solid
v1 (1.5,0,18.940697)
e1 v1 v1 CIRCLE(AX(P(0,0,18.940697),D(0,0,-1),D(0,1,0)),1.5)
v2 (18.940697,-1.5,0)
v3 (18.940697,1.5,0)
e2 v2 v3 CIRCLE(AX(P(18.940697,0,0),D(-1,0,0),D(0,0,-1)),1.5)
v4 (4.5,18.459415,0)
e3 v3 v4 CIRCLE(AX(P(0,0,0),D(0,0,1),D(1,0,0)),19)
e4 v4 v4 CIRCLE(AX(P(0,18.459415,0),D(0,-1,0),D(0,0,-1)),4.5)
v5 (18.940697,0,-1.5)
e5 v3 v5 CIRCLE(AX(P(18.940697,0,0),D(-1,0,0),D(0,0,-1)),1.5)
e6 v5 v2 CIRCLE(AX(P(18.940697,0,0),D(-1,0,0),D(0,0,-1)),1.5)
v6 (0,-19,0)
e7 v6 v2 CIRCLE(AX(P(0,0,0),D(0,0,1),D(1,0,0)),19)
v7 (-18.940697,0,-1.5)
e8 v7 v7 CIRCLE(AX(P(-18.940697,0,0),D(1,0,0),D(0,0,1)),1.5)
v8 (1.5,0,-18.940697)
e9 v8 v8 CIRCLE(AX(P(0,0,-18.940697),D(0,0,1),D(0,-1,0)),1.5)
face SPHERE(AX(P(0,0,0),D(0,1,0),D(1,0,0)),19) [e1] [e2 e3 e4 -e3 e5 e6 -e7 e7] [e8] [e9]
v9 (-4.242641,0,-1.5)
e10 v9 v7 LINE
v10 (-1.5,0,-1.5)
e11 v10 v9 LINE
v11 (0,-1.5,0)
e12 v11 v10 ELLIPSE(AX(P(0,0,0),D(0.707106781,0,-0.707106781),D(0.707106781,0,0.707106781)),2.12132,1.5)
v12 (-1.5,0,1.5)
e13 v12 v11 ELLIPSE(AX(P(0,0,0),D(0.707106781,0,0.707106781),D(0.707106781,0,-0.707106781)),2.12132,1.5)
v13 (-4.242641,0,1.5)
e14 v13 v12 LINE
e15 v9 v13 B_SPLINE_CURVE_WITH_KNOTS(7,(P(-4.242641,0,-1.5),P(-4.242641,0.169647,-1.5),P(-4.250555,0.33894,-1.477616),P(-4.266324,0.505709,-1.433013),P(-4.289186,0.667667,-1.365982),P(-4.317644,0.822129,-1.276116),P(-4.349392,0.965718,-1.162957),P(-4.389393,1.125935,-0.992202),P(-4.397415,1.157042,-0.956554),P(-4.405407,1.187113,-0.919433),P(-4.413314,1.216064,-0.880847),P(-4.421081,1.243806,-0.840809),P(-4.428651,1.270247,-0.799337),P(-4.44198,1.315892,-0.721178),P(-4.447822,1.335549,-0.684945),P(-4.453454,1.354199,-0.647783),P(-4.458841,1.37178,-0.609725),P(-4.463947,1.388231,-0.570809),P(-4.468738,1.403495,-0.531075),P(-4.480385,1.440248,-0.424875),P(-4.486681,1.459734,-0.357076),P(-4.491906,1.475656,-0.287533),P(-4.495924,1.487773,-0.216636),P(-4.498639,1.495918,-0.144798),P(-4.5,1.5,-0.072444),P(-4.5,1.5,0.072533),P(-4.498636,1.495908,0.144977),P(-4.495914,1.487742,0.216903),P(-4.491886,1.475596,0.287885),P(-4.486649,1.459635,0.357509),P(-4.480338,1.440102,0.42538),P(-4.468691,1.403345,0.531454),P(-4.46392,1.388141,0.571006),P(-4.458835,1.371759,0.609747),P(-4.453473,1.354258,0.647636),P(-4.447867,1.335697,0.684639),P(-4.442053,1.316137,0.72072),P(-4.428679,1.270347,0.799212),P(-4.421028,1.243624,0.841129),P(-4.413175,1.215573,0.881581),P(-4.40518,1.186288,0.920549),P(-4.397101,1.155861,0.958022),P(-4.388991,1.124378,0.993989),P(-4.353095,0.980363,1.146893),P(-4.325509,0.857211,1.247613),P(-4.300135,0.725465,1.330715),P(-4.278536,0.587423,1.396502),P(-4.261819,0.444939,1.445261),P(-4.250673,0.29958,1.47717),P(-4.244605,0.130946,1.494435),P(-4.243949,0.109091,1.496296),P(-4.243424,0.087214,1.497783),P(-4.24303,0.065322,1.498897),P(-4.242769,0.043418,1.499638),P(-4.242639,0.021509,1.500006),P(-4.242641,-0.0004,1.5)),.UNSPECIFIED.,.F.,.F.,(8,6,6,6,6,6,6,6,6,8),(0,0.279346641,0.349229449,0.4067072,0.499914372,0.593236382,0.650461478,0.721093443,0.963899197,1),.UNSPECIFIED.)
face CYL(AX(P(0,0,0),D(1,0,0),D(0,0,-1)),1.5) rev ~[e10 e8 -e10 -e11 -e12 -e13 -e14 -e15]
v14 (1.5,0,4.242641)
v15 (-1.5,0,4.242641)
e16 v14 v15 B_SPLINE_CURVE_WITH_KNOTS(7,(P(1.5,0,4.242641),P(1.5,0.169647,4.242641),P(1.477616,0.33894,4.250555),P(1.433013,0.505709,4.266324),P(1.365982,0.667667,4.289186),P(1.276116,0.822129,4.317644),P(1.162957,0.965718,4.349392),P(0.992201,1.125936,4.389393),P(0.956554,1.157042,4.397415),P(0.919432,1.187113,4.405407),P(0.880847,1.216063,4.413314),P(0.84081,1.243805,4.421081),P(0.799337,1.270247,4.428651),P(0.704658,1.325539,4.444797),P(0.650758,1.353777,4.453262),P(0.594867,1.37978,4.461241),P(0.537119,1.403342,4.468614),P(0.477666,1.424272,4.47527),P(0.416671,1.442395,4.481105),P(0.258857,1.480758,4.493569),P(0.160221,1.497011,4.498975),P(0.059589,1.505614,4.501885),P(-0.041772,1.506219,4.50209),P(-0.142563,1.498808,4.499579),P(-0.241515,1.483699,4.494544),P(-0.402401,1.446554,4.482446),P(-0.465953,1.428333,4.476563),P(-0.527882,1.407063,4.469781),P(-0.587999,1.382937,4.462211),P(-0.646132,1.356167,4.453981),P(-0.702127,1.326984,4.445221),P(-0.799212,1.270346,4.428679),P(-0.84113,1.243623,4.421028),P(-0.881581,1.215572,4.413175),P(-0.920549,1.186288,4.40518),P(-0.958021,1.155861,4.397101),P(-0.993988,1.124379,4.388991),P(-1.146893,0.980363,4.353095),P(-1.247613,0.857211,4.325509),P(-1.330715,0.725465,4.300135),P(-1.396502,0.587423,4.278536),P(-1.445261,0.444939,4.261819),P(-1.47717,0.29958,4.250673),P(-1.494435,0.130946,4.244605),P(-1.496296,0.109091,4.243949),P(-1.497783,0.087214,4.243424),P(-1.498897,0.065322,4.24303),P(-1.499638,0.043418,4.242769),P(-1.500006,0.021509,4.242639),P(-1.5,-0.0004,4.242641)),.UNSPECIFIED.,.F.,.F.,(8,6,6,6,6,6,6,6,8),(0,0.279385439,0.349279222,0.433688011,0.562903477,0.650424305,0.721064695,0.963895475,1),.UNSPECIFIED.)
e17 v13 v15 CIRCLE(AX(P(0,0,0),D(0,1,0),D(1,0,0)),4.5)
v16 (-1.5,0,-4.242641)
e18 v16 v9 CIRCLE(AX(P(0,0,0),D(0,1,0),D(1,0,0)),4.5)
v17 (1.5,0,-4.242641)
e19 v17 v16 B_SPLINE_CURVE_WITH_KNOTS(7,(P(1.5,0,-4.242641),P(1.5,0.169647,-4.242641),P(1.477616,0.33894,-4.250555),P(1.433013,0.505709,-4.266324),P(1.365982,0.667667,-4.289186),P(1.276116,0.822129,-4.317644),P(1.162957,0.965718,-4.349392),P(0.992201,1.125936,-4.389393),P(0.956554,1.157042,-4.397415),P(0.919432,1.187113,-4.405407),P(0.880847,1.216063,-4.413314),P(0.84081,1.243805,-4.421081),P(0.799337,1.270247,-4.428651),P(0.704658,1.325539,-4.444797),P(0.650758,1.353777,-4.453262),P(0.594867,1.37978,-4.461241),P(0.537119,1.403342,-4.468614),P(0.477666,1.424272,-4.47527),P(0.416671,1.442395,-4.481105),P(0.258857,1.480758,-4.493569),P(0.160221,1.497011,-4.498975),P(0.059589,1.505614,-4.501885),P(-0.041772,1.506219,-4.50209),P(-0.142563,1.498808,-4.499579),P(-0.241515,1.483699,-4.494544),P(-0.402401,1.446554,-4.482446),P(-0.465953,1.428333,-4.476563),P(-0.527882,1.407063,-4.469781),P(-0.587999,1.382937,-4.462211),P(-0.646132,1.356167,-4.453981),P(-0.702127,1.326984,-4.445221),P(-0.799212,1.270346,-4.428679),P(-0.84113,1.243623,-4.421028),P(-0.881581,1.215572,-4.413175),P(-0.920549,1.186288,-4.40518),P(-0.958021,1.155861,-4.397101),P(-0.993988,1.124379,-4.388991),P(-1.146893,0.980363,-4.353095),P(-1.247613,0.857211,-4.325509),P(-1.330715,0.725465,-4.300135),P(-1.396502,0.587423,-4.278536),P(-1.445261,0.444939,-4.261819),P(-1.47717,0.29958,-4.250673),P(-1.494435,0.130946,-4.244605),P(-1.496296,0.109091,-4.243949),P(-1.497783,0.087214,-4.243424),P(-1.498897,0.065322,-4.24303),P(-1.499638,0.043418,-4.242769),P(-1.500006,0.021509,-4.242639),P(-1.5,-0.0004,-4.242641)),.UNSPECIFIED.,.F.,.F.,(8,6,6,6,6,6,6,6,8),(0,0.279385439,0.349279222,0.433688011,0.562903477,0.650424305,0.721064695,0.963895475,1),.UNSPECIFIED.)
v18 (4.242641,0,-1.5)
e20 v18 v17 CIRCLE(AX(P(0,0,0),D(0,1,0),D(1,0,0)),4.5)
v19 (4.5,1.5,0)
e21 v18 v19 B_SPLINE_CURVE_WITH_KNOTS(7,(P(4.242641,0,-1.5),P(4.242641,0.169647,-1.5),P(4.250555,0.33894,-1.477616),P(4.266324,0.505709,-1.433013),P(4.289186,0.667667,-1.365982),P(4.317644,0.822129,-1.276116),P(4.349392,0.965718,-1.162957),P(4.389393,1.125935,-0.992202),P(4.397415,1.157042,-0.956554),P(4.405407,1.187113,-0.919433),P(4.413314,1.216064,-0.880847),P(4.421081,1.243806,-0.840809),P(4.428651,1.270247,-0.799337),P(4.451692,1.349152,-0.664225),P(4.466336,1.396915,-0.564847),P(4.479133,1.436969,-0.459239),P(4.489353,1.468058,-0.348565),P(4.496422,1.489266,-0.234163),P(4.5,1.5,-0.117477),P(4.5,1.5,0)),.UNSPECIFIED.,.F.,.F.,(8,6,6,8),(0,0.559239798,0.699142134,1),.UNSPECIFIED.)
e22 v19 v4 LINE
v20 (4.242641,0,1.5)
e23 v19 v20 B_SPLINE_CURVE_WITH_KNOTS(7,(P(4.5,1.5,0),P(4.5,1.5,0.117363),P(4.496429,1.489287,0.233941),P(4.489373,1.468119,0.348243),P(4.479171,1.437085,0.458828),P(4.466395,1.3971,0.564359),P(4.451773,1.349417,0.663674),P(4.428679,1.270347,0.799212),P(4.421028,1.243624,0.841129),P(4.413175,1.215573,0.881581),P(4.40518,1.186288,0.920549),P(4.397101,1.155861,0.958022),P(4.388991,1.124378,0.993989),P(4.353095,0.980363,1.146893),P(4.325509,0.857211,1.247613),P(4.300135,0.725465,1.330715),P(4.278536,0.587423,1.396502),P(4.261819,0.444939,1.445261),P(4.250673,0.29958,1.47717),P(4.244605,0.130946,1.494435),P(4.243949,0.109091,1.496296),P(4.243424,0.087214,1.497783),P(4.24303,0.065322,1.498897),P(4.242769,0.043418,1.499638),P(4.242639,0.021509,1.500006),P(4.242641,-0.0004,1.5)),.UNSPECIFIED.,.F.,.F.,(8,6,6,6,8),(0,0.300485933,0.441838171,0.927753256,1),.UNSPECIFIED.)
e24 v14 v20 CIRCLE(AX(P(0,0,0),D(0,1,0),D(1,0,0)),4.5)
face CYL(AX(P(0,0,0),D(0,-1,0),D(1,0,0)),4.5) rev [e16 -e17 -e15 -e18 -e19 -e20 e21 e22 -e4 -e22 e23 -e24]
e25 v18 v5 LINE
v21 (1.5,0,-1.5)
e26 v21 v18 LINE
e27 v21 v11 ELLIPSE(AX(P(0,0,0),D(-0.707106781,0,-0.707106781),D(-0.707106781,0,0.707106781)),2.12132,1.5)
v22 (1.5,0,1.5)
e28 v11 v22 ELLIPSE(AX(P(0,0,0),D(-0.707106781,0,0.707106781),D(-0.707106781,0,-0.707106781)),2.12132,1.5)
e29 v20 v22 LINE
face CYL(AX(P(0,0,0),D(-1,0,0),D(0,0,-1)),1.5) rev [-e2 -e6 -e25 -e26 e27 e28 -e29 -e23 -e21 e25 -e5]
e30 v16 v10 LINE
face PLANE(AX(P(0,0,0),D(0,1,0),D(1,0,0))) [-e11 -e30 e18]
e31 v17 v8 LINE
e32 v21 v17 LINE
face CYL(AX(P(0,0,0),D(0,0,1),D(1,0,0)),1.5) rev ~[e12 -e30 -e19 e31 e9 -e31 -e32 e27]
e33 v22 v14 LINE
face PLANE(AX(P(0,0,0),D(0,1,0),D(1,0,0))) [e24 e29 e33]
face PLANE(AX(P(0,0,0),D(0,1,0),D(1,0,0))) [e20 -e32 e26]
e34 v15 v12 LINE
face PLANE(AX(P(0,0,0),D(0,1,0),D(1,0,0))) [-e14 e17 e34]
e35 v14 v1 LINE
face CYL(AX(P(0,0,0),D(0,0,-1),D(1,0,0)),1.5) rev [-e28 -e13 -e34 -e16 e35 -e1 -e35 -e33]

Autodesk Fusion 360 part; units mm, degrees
sphere "SpherePrimitive1" add diameter 38 placed x (1, 0, 0) y (0, 0, -1) z (0, 1, 0) at (0, 0, 0)
sketch "Sketch2" plane through (0, 0, 0) normal (1, 0, 0) x (0, 0, -1)
  circle A0 centre (0, 0) radius 1.5
  dimension "d2" = 3
sketch "Sketch3" plane through (0, 0, 0) normal (0, 0, 1) x (1, 0, 0)
  circle A0 centre (0, 0) radius 1.5
  dimension "d3" = 3
sketch "Sketch4" plane through (0, 0, 0) normal (0, 1, 0) x (1, 0, 0)
  circle A0 centre (0, 0) radius 4.5
  dimension "d4" = 9
extrude "Extrude1" cut sketch "Sketch4" along normal blind 50
extrude "Extrude2" cut sketch "Sketch2" along normal mid plane 100
extrude "Extrude3" cut sketch "Sketch3" along normal mid plane 120
